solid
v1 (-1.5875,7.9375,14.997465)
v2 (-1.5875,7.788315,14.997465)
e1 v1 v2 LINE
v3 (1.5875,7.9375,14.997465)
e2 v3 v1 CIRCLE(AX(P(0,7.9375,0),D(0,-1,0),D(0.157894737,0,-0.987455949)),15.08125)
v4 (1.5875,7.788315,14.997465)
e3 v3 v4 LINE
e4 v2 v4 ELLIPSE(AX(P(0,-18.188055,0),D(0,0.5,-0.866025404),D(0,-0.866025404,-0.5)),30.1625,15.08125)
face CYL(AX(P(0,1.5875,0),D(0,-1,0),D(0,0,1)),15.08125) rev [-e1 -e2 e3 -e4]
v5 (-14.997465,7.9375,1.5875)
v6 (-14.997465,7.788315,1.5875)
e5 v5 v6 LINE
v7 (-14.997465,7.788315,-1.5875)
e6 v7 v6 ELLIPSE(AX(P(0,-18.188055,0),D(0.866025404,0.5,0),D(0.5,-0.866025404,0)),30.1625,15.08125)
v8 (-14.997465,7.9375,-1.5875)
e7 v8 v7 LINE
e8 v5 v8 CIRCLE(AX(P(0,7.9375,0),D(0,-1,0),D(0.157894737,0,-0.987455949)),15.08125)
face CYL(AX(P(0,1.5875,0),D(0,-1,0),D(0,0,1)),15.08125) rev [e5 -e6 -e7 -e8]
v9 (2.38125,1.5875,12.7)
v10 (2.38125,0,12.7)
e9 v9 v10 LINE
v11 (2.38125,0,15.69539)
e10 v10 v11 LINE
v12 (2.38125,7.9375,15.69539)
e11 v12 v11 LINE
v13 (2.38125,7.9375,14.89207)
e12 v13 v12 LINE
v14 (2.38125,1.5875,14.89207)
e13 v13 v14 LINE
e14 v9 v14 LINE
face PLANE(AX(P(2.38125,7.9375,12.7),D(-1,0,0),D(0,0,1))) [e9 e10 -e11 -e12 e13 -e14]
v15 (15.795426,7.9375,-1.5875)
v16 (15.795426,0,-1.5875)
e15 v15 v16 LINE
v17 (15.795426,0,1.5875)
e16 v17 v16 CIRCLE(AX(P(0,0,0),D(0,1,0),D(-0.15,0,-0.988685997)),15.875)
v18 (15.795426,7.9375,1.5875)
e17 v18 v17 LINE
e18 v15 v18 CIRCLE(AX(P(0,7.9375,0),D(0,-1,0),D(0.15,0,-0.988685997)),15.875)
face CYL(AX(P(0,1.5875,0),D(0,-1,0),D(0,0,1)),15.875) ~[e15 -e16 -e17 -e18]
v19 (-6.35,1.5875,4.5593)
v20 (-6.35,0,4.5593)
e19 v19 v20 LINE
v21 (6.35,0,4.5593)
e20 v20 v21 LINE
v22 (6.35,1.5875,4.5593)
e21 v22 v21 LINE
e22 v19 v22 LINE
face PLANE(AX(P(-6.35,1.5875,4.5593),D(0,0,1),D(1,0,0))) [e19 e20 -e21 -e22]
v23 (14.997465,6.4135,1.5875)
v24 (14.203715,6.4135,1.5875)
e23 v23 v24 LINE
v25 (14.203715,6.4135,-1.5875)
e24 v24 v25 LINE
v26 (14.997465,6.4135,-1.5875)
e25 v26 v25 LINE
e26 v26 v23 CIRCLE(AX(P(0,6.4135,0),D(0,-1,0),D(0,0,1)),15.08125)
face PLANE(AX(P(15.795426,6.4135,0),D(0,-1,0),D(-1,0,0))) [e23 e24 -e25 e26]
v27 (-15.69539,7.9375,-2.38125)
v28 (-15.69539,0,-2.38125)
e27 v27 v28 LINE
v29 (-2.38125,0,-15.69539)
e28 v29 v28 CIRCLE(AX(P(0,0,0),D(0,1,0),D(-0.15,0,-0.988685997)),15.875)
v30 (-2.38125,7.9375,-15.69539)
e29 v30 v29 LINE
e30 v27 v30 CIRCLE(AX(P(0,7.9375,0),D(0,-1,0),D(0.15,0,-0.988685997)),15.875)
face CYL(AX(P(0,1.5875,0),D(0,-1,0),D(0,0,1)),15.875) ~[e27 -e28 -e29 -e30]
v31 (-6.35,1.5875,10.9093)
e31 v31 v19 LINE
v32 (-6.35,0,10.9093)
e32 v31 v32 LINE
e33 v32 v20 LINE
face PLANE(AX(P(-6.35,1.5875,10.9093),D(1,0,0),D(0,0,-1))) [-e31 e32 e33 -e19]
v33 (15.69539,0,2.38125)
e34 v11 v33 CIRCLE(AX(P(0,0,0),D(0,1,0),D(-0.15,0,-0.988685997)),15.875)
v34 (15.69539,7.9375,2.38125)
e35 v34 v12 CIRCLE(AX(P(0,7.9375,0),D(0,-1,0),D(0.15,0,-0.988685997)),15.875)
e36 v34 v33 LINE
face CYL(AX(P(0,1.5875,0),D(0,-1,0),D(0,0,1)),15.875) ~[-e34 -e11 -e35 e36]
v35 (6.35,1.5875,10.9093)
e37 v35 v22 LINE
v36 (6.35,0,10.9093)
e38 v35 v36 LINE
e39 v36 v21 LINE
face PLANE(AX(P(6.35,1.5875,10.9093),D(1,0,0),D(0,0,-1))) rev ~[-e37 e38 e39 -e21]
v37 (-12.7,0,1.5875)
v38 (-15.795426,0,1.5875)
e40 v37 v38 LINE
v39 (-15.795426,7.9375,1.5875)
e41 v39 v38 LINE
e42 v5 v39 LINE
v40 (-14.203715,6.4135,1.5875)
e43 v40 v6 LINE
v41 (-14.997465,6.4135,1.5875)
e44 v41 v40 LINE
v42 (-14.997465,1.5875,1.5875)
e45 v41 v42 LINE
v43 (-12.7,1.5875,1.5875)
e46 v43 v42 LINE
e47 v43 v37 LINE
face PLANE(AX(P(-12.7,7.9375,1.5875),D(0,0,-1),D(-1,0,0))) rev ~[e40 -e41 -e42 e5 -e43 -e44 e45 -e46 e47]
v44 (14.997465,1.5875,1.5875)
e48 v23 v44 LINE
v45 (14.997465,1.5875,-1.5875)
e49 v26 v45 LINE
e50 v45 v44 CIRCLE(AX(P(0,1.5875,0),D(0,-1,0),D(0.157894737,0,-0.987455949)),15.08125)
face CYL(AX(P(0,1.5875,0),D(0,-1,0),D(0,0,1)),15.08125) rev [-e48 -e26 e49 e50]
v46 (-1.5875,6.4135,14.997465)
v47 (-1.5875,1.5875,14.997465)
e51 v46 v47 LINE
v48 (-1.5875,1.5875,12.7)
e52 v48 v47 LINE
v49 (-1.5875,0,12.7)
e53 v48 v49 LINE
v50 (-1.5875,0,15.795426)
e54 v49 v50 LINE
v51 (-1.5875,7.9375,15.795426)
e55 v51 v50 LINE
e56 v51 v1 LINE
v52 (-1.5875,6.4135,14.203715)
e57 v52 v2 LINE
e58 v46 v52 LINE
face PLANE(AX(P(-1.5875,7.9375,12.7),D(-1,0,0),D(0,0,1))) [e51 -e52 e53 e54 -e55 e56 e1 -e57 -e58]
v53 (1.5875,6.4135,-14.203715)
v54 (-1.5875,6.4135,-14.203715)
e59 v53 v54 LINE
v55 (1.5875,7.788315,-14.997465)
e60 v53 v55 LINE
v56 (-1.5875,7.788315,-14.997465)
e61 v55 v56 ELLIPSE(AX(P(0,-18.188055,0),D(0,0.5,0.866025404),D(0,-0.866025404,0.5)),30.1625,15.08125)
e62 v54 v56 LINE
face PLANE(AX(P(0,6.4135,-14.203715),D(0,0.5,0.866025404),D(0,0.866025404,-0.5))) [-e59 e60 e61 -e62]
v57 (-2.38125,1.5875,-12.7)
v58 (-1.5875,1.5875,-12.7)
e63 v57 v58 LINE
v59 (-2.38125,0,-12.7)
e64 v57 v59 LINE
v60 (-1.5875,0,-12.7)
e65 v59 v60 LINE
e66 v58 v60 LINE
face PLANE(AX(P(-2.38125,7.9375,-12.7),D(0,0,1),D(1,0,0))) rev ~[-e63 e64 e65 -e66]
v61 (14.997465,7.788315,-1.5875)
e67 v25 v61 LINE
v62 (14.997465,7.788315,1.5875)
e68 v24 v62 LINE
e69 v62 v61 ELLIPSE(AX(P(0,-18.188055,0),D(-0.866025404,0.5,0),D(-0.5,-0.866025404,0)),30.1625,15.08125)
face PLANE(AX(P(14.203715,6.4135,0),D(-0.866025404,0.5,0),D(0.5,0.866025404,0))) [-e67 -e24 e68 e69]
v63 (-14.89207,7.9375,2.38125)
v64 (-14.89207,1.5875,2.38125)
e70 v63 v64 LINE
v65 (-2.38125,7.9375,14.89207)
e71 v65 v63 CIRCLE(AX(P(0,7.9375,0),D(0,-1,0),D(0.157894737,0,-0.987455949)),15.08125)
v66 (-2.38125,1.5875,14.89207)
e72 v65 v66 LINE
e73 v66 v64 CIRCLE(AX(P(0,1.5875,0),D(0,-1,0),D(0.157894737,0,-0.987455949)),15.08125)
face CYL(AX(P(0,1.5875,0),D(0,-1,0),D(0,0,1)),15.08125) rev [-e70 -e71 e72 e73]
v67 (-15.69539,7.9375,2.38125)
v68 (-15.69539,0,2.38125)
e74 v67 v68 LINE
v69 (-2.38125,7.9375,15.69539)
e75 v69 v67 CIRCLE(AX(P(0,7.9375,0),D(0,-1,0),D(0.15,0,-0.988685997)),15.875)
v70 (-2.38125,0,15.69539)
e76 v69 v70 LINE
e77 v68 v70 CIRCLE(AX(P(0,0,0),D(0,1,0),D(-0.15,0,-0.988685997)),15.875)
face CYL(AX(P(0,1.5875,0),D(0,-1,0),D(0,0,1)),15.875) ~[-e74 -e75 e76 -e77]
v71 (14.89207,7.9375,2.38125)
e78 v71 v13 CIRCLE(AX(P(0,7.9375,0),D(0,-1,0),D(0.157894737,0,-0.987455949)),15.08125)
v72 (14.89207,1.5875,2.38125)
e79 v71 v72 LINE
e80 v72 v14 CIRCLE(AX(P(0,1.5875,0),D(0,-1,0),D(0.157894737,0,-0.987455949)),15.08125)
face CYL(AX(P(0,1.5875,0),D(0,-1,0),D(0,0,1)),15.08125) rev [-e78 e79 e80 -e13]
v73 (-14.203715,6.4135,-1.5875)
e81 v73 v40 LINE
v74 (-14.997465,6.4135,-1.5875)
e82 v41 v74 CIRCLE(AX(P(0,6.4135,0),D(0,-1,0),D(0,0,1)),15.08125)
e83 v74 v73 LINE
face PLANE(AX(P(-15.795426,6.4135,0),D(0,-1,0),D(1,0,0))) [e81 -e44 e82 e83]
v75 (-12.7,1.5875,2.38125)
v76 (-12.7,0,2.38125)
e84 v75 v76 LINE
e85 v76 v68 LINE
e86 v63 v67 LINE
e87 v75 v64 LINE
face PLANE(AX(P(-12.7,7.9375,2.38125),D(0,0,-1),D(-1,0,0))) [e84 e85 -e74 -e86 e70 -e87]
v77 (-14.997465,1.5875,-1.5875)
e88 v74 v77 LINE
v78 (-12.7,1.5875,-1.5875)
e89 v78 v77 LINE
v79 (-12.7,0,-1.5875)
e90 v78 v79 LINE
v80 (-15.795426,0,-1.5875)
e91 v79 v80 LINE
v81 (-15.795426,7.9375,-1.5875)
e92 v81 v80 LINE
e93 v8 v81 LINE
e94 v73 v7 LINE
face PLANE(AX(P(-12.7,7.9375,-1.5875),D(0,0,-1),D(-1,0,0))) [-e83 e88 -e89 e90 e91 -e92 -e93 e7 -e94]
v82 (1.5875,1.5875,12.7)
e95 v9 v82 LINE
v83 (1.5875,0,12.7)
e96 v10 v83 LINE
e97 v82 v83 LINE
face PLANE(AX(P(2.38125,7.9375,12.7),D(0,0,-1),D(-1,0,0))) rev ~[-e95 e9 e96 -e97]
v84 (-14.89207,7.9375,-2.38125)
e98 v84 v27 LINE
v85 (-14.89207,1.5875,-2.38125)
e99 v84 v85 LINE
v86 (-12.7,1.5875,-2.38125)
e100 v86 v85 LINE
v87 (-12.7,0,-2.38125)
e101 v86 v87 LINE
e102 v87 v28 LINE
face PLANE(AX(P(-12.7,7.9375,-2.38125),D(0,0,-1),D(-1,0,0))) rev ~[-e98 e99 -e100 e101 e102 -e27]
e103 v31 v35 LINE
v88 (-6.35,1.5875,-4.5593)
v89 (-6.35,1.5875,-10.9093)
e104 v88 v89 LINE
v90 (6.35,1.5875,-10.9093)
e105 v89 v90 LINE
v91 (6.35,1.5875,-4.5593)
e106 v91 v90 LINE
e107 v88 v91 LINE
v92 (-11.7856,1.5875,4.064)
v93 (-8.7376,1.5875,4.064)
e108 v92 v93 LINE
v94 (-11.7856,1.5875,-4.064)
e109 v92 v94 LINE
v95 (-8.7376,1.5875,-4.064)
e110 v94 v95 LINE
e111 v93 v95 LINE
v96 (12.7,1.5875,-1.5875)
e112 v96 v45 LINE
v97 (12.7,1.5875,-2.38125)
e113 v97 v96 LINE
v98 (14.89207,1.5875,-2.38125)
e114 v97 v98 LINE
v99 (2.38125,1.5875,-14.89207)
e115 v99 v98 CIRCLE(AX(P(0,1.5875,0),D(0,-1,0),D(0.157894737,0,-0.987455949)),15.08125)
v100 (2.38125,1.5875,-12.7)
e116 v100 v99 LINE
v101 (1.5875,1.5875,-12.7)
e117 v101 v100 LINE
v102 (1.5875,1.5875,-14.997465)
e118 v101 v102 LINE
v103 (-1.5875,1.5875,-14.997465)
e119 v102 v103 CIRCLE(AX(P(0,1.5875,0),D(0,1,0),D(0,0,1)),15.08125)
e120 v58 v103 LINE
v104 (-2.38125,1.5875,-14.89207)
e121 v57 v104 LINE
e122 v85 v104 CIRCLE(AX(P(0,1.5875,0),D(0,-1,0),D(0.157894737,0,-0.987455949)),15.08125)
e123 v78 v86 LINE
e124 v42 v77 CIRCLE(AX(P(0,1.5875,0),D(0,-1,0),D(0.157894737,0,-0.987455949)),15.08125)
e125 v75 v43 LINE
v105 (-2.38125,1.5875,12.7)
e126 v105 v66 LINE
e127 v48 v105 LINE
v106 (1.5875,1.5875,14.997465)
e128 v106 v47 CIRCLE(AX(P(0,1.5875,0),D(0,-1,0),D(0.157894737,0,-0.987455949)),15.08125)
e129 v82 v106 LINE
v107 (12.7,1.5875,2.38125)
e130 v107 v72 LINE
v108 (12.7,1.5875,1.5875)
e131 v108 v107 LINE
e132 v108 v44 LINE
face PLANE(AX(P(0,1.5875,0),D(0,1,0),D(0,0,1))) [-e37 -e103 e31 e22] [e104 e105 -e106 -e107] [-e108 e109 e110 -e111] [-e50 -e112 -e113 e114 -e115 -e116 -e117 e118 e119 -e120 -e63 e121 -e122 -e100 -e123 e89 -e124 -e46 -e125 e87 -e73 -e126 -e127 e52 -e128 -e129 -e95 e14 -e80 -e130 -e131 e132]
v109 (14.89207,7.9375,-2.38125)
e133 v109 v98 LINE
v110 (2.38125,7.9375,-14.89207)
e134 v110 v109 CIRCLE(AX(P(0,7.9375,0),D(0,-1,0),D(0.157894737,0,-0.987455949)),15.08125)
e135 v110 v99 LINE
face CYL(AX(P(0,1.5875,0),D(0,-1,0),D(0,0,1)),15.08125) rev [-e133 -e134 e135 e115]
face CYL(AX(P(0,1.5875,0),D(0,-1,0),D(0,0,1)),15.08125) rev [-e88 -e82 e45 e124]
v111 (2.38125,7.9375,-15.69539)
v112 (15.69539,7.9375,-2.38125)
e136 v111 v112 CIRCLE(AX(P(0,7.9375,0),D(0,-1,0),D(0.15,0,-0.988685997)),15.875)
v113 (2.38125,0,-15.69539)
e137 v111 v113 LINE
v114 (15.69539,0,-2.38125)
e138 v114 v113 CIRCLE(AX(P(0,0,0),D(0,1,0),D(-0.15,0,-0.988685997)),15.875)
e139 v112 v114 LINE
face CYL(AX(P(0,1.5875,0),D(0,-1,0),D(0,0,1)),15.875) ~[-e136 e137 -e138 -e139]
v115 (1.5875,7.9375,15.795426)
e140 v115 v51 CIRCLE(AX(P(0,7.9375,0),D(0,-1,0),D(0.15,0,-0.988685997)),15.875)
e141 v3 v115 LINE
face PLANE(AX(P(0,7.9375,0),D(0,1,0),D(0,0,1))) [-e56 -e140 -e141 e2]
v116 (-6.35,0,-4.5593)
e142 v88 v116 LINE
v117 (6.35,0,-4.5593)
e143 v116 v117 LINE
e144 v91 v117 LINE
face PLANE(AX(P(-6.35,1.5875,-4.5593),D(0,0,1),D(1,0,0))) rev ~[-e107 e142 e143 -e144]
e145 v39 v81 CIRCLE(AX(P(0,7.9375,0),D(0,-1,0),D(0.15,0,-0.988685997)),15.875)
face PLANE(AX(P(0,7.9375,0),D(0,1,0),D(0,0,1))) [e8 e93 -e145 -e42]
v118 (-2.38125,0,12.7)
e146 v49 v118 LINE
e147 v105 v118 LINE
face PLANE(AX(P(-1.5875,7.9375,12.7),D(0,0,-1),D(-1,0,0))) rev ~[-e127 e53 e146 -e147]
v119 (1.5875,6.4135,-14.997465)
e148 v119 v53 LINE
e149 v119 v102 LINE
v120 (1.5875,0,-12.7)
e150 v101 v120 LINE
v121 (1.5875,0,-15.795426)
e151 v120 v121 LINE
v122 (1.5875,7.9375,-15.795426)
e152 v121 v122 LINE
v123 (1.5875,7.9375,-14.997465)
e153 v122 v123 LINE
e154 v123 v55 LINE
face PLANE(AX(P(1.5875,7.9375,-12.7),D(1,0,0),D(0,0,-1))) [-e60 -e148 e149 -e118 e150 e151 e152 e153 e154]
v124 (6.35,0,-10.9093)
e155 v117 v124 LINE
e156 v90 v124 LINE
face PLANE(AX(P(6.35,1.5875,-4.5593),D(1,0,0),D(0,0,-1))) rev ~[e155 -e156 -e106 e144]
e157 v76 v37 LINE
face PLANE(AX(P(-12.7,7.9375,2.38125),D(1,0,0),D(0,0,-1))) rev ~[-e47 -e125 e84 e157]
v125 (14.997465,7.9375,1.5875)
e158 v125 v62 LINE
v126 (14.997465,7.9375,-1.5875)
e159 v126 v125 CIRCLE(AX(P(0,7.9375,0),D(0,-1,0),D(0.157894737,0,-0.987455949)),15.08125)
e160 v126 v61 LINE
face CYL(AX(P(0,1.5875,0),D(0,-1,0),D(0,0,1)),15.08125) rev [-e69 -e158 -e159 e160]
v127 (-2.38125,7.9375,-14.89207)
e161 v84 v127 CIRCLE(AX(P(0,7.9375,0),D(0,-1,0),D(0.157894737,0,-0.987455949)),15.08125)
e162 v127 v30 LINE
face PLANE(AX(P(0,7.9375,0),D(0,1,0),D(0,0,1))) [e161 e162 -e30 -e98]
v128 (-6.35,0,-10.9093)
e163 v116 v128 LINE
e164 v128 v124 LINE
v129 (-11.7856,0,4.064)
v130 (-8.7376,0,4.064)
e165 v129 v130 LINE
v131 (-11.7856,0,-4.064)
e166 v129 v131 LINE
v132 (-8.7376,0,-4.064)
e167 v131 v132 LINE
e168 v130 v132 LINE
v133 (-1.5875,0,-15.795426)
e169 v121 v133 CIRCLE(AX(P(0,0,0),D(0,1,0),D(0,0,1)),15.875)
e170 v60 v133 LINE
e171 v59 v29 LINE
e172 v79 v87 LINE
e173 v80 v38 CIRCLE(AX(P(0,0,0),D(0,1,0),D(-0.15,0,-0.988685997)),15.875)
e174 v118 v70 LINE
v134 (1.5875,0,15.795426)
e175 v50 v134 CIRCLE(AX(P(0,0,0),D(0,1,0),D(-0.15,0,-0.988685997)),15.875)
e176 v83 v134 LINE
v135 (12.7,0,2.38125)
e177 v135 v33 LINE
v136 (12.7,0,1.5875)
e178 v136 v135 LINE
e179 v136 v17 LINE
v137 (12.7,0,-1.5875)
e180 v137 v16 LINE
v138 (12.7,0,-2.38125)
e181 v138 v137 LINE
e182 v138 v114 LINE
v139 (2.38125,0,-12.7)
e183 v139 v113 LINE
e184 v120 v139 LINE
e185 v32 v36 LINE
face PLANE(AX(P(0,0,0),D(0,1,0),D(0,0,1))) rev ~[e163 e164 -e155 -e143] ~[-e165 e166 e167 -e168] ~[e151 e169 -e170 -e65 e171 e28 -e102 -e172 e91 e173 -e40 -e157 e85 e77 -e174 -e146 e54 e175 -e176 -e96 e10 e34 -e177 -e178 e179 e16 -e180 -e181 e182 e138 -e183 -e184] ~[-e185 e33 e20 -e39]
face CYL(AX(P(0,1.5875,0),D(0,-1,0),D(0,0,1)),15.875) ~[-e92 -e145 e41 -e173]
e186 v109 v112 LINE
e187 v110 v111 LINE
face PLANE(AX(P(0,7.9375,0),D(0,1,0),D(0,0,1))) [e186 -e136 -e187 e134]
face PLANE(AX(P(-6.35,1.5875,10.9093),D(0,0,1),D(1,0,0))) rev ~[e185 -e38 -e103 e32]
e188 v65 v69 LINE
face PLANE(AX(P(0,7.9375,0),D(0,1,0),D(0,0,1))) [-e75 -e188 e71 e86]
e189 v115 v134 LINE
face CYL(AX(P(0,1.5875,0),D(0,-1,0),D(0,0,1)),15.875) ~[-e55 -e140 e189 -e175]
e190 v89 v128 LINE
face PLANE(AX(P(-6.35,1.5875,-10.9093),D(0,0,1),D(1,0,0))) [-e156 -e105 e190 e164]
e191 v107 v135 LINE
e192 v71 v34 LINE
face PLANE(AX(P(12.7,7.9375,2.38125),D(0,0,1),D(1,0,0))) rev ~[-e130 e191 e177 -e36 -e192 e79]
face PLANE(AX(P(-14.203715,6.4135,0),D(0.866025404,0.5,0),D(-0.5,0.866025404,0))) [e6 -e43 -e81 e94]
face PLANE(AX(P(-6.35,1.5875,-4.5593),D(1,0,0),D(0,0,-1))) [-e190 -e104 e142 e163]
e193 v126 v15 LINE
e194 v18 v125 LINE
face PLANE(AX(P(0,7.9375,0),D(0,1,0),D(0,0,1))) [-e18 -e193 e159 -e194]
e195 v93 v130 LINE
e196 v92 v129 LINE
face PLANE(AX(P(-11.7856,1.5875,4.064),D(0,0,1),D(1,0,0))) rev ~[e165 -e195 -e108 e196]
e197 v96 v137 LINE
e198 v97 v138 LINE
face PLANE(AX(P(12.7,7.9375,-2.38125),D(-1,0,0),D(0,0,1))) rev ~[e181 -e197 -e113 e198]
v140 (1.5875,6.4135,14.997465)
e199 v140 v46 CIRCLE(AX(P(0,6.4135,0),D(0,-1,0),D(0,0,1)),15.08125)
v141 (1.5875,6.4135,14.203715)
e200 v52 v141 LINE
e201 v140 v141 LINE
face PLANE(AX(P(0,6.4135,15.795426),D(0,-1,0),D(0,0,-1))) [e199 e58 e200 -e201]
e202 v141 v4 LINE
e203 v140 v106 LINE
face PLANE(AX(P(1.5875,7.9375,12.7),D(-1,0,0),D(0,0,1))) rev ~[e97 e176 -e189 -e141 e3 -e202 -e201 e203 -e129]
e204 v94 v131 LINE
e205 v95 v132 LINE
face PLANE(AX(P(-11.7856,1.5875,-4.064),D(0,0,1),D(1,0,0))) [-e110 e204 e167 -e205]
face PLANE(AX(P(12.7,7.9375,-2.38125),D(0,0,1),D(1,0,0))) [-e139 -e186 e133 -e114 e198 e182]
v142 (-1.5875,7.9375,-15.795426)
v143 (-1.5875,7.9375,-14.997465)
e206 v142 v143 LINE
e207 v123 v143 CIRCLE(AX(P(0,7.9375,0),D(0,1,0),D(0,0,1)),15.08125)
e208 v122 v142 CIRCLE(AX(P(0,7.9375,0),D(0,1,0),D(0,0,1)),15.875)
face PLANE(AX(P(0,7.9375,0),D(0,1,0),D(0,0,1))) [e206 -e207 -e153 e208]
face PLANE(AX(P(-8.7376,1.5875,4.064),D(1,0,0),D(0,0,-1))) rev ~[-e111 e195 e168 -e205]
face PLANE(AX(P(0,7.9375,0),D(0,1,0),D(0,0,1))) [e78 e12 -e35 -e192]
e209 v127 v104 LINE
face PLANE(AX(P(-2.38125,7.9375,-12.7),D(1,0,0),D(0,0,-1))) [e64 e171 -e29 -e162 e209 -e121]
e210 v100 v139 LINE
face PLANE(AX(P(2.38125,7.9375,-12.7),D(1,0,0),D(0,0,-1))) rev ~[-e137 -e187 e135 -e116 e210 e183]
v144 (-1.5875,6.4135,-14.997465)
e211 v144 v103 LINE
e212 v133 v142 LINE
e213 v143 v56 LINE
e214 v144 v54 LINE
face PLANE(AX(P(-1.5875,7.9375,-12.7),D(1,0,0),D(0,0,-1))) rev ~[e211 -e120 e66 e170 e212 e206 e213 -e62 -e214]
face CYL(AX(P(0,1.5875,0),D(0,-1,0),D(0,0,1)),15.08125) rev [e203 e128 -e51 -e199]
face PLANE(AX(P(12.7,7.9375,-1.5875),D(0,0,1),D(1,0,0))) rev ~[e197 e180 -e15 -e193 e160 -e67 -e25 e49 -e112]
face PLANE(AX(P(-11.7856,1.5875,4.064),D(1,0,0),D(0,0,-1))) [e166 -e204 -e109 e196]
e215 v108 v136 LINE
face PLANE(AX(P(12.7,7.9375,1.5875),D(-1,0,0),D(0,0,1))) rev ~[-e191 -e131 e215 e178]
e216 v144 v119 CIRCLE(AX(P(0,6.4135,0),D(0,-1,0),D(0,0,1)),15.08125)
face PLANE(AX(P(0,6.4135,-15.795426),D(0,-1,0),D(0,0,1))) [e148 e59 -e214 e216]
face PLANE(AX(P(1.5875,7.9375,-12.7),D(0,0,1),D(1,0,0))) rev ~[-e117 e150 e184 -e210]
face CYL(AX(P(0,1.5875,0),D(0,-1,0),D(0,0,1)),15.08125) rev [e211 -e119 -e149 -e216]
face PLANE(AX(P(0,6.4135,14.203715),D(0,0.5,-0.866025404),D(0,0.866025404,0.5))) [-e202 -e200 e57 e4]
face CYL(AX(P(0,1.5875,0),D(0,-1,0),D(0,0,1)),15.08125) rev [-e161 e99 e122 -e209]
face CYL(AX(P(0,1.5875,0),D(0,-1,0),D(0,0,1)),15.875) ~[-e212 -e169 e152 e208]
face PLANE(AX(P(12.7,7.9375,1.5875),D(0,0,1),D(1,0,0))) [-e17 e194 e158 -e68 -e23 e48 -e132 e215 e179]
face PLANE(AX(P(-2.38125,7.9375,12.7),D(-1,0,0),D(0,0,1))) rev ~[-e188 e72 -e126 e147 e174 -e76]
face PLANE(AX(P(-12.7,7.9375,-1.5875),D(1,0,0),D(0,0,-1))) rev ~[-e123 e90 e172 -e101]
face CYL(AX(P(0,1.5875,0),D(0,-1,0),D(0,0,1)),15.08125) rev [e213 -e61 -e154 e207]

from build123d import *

# Parameters (mm, degrees)
SKETCH1_R           = 15.875
BOSS_EXTRUDE1_DEPTH = 1.5875
BOSS_EXTRUDE2_START = 1.5875
SKETCH1_3_R         = 15.875
SKETCH1_3_R_2       = 15.08125
BOSS_EXTRUDE2_DEPTH = 6.35
CUT_EXTRUDE1_REACH  = 25.812
SKETCH3_W           = 0.79375
SKETCH3_H           = 3.175
BOSS_EXTRUDE3_DEPTH = 1.5875
CIRPATTERN2_COUNT   = 4
SKETCH5_W           = 12.7
SKETCH5_H           = 6.35
SKETCH5_W_2         = 3.048
SKETCH5_H_2         = 8.128
CUT_EXTRUDE2_DEPTH  = 24.3313898


with BuildPart() as part:
    # Sketch1 → Boss-Extrude1 (new body)
    with BuildSketch(Plane(origin=(0, 0, 0), x_dir=(1, 0, 0), z_dir=(0, 1, 0))):
        with Locations(Location((0, 0, 0), (0, 0, 270))):
            Circle(SKETCH1_R)
    extrude(amount=BOSS_EXTRUDE1_DEPTH)

    # Sketch1<3> → Boss-Extrude2 (add)
    with BuildSketch(Plane(origin=(0, 0, 0), x_dir=(1, 0, 0), z_dir=(0, 1, 0)).offset(BOSS_EXTRUDE2_START)):
        with Locations(Location((0, 0, 0), (0, 0, 270))):
            Circle(SKETCH1_3_R)
        with Locations(Location((0, 0, 0), (0, 0, 270))):
            Circle(SKETCH1_3_R_2, mode=Mode.SUBTRACT)
    extrude(amount=BOSS_EXTRUDE2_DEPTH)

    # Cut-Extrude1: up to this face of the body (flat: up to its plane)
    cut_extrude1_end = Plane(part.part.faces().sort_by_distance((0, 0, 0))[0])
    # Sketch3 → Cut-Extrude1 (cut, up to the picked face)
    with BuildSketch(Plane(origin=(0, 7.9375, 0), x_dir=(1, 0, 0), z_dir=(0, 1, 0)), mode=Mode.PRIVATE) as cut_extrude1_sk1:
        with Locations((1.984375, 14.2875)):
            Rectangle(SKETCH3_W, SKETCH3_H)
    cut_extrude1_tool1 = split(extrude(cut_extrude1_sk1.sketch, amount=-CUT_EXTRUDE1_REACH, mode=Mode.PRIVATE), bisect_by=cut_extrude1_end, keep=Keep.BOTH, mode=Mode.PRIVATE)
    # Sketch3 → Cut-Extrude1 (cut, up to the picked face)
    with BuildSketch(Plane(origin=(0, 7.9375, 0), x_dir=(1, 0, 0), z_dir=(0, 1, 0)), mode=Mode.PRIVATE) as cut_extrude1_sk2:
        with Locations((-1.984375, 14.2875)):
            Rectangle(SKETCH3_W, SKETCH3_H)
    cut_extrude1_tool2 = split(extrude(cut_extrude1_sk2.sketch, amount=-CUT_EXTRUDE1_REACH, mode=Mode.PRIVATE), bisect_by=cut_extrude1_end, keep=Keep.BOTH, mode=Mode.PRIVATE)
    cut_extrude1_1 = cut_extrude1_tool1.solids().sort_by(Axis((1.984375, 7.9375, -14.2875), (0, -1, 0)))[0]
    add(cut_extrude1_1, mode=Mode.SUBTRACT)
    cut_extrude1_2 = cut_extrude1_tool2.solids().sort_by(Axis((-1.984375, 7.9375, -14.2875), (0, -1, 0)))[0]
    add(cut_extrude1_2, mode=Mode.SUBTRACT)
    cut_extrude1 = cut_extrude1_1 + cut_extrude1_2  # Cut-Extrude1 as one shape, for the pattern or mirror that repeats it

    # Sketch4 → Boss-Extrude3 (add, symmetric)
    with BuildSketch(Plane.ZY):
        Polygon((-15.795425564, 7.9375), (-15.795425564, 6.4135), (-14.203714629, 6.4135), (-15.08359644, 7.9375), align=None)
    boss_extrude3 = extrude(amount=BOSS_EXTRUDE3_DEPTH, both=True)

    # CirPattern2: Cut-Extrude1, Boss-Extrude3 ×4 about axis
    cirpattern2_axis = Axis((0, 0, 0), (0, 1, 0))
    add([cut_extrude1.rotate(cirpattern2_axis, i * 360 / CIRPATTERN2_COUNT) for i in range(1, CIRPATTERN2_COUNT)], mode=Mode.SUBTRACT)
    add([boss_extrude3.rotate(cirpattern2_axis, i * 360 / CIRPATTERN2_COUNT) for i in range(1, CIRPATTERN2_COUNT)])

    # Sketch5 → Cut-Extrude2 (cut, through all)
    with BuildSketch(Plane(origin=(0, 1.5875, 0), x_dir=(1, 0, 0), z_dir=(0, 1, 0))):
        with Locations((0, 7.7343)):
            Rectangle(SKETCH5_W, SKETCH5_H)
        with Locations((0, -7.7343)):
            Rectangle(SKETCH5_W, SKETCH5_H)
        with Locations((-10.2616, 0)):
            Rectangle(SKETCH5_W_2, SKETCH5_H_2)
    extrude(amount=-CUT_EXTRUDE2_DEPTH, mode=Mode.SUBTRACT)


solid = part.part
